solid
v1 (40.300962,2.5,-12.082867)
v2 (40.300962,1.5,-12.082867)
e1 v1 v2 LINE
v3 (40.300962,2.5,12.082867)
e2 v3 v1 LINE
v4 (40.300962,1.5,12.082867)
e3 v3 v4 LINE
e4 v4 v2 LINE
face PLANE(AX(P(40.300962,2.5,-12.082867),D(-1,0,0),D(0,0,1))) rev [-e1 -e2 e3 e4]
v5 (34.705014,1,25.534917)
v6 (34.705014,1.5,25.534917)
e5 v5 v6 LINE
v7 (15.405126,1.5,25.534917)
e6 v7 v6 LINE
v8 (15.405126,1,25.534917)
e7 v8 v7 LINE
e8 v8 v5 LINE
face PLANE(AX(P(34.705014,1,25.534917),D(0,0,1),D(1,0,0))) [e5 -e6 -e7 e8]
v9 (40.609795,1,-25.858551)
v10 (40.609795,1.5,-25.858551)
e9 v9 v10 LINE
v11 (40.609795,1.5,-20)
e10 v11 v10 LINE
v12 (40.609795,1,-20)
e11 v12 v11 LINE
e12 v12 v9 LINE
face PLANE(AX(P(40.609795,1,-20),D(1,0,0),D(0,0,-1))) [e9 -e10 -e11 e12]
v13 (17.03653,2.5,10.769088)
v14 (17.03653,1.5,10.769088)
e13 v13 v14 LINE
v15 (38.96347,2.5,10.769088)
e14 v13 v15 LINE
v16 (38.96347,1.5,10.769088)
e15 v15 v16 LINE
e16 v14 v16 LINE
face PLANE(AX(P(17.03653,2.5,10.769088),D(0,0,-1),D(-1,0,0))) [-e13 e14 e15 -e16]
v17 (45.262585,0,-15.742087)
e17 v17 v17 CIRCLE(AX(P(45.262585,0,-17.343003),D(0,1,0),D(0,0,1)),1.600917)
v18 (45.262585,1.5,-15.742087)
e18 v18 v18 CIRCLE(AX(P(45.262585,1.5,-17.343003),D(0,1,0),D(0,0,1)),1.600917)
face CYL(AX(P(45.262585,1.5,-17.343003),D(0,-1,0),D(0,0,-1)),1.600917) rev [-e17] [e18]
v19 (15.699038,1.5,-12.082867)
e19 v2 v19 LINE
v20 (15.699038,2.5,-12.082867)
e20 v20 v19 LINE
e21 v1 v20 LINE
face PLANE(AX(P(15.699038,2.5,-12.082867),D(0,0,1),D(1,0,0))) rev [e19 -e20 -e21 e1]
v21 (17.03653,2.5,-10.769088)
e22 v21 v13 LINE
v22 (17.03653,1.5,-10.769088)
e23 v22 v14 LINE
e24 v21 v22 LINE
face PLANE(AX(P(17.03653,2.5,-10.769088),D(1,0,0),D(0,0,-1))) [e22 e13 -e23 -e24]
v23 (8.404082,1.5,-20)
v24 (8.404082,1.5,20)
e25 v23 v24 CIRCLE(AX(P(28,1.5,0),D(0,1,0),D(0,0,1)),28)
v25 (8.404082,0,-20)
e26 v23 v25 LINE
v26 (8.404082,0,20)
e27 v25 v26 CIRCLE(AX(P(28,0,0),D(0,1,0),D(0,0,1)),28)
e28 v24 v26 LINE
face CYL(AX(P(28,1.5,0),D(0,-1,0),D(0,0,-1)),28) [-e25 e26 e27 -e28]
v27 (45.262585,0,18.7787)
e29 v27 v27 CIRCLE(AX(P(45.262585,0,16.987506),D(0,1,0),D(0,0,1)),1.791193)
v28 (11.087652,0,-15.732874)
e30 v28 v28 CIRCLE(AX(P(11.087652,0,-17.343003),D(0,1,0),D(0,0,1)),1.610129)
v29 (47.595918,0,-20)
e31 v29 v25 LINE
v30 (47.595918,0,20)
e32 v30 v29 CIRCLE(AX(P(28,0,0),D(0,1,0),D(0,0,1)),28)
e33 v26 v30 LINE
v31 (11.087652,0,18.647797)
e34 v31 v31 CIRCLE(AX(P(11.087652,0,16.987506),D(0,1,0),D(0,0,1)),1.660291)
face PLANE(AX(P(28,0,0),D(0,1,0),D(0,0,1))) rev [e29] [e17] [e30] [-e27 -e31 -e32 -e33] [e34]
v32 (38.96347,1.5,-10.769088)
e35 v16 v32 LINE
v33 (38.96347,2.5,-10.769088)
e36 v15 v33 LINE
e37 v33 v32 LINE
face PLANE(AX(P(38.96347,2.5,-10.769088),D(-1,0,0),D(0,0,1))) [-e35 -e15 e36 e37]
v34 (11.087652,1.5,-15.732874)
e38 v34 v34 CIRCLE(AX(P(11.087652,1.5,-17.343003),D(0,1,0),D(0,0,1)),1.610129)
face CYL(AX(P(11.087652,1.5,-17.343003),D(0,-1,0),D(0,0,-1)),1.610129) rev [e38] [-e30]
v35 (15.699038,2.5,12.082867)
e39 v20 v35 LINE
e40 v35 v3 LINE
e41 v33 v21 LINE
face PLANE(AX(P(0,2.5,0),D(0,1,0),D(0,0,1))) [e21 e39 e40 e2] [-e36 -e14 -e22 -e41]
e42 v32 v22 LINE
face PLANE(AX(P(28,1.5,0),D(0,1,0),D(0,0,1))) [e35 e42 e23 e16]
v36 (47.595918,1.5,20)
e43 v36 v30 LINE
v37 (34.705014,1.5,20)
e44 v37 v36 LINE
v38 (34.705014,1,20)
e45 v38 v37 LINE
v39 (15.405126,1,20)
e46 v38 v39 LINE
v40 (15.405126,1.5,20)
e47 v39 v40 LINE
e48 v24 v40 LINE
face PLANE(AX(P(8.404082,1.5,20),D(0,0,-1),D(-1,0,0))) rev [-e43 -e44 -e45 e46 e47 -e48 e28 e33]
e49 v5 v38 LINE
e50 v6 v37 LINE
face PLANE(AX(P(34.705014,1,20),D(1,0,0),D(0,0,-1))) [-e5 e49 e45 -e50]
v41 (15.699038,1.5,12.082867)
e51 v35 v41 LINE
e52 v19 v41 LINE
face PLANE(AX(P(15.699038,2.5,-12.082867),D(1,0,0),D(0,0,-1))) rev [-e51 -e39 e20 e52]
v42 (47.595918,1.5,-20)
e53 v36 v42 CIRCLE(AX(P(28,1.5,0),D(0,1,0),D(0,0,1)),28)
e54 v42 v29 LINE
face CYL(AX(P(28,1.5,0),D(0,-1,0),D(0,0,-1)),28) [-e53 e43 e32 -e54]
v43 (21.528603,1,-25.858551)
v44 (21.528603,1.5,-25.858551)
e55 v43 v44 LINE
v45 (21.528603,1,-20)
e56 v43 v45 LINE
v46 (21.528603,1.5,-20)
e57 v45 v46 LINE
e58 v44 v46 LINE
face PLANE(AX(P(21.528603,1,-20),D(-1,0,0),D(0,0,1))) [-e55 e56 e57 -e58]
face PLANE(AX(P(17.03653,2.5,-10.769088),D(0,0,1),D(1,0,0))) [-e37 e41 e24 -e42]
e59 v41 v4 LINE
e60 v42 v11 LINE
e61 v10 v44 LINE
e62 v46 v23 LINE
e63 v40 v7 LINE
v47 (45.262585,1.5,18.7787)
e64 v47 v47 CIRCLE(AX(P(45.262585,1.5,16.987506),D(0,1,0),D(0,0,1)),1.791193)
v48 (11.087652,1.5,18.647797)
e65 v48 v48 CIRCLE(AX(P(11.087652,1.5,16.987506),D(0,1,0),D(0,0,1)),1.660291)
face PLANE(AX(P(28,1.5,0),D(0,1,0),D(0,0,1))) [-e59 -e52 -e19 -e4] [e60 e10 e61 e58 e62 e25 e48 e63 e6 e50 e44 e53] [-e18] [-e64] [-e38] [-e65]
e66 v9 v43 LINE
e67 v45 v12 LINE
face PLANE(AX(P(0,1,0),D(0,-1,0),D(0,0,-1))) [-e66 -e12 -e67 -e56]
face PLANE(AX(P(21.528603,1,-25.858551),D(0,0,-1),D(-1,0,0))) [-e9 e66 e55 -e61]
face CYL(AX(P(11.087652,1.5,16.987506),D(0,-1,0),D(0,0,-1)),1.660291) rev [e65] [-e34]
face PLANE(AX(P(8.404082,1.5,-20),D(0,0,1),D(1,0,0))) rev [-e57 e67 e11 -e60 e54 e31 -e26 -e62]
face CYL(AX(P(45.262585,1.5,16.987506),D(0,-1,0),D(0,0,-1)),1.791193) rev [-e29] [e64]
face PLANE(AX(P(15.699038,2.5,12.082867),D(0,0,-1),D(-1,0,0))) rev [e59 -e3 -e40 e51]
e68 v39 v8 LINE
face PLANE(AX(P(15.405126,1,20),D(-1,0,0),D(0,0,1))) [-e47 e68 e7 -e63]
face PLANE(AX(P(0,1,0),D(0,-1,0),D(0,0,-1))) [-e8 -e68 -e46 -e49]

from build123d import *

# Parameters (mm, degrees)
SKETCH2_R           = 1.610129379
SKETCH2_R_2         = 1.66029091
SKETCH2_R_3         = 1.791193395
SKETCH2_R_4         = 1.600916599
BOSS_EXTRUDE1_DEPTH = 1.5
SKETCH3_W           = 19.081191899
SKETCH3_H           = 5.85855086
SKETCH3_W_2         = 19.299887508
SKETCH3_H_2         = 5.534917291
BOSS_EXTRUDE2_DEPTH = 0.5
SKETCH4_W           = 24.601924878
SKETCH4_H           = 24.16573396
SKETCH4_W_2         = 21.926940144
SKETCH4_H_2         = 21.538176574
BOSS_EXTRUDE3_DEPTH = 1


with BuildPart() as part:
    # Sketch2 → Boss-Extrude1 (new body)
    with BuildSketch(Plane(origin=(0, 0, 0), x_dir=(1, 0, 0), z_dir=(0, 1, 0))):
        with BuildLine():
            Line((8.404082058, 20), (47.595917942, 20))
            ThreePointArc((47.595917942, 20), (56, 0), (47.595917942, -20))
            Line((47.595917942, -20), (8.404082058, -20))
            ThreePointArc((8.404082058, -20), (0, 0), (8.404082058, 20))
        make_face()
        with Locations(Location((11.087651709, 17.343003221, 0), (0, 0, 270))):
            Circle(SKETCH2_R, mode=Mode.SUBTRACT)
        with Locations(Location((11.087651709, -16.98750612, 0), (0, 0, 270))):
            Circle(SKETCH2_R_2, mode=Mode.SUBTRACT)
        with Locations(Location((45.262584723, -16.98750612, 0), (0, 0, 270))):
            Circle(SKETCH2_R_3, mode=Mode.SUBTRACT)
        with Locations(Location((45.262584723, 17.343003221, 0), (0, 0, 270))):
            Circle(SKETCH2_R_4, mode=Mode.SUBTRACT)
    extrude(amount=BOSS_EXTRUDE1_DEPTH)

    # Sketch3 → Boss-Extrude2 (add)
    with BuildSketch(Plane(origin=(0, 1.5, 0), x_dir=(1, 0, 0), z_dir=(0, 1, 0))):
        with Locations((31.069199174, 22.92927543)):
            Rectangle(SKETCH3_W, SKETCH3_H)
        with Locations((25.055069922, -22.767458645)):
            Rectangle(SKETCH3_W_2, SKETCH3_H_2)
    extrude(amount=-BOSS_EXTRUDE2_DEPTH)

    # Sketch4 → Boss-Extrude3 (add)
    with BuildSketch(Plane(origin=(0, 1.5, 0), x_dir=(1, 0, 0), z_dir=(0, 1, 0))):
        with Locations((28, 0)):
            Rectangle(SKETCH4_W, SKETCH4_H)
        with Locations((28, 0)):
            Rectangle(SKETCH4_W_2, SKETCH4_H_2, mode=Mode.SUBTRACT)
    extrude(amount=BOSS_EXTRUDE3_DEPTH)


solid = part.part
